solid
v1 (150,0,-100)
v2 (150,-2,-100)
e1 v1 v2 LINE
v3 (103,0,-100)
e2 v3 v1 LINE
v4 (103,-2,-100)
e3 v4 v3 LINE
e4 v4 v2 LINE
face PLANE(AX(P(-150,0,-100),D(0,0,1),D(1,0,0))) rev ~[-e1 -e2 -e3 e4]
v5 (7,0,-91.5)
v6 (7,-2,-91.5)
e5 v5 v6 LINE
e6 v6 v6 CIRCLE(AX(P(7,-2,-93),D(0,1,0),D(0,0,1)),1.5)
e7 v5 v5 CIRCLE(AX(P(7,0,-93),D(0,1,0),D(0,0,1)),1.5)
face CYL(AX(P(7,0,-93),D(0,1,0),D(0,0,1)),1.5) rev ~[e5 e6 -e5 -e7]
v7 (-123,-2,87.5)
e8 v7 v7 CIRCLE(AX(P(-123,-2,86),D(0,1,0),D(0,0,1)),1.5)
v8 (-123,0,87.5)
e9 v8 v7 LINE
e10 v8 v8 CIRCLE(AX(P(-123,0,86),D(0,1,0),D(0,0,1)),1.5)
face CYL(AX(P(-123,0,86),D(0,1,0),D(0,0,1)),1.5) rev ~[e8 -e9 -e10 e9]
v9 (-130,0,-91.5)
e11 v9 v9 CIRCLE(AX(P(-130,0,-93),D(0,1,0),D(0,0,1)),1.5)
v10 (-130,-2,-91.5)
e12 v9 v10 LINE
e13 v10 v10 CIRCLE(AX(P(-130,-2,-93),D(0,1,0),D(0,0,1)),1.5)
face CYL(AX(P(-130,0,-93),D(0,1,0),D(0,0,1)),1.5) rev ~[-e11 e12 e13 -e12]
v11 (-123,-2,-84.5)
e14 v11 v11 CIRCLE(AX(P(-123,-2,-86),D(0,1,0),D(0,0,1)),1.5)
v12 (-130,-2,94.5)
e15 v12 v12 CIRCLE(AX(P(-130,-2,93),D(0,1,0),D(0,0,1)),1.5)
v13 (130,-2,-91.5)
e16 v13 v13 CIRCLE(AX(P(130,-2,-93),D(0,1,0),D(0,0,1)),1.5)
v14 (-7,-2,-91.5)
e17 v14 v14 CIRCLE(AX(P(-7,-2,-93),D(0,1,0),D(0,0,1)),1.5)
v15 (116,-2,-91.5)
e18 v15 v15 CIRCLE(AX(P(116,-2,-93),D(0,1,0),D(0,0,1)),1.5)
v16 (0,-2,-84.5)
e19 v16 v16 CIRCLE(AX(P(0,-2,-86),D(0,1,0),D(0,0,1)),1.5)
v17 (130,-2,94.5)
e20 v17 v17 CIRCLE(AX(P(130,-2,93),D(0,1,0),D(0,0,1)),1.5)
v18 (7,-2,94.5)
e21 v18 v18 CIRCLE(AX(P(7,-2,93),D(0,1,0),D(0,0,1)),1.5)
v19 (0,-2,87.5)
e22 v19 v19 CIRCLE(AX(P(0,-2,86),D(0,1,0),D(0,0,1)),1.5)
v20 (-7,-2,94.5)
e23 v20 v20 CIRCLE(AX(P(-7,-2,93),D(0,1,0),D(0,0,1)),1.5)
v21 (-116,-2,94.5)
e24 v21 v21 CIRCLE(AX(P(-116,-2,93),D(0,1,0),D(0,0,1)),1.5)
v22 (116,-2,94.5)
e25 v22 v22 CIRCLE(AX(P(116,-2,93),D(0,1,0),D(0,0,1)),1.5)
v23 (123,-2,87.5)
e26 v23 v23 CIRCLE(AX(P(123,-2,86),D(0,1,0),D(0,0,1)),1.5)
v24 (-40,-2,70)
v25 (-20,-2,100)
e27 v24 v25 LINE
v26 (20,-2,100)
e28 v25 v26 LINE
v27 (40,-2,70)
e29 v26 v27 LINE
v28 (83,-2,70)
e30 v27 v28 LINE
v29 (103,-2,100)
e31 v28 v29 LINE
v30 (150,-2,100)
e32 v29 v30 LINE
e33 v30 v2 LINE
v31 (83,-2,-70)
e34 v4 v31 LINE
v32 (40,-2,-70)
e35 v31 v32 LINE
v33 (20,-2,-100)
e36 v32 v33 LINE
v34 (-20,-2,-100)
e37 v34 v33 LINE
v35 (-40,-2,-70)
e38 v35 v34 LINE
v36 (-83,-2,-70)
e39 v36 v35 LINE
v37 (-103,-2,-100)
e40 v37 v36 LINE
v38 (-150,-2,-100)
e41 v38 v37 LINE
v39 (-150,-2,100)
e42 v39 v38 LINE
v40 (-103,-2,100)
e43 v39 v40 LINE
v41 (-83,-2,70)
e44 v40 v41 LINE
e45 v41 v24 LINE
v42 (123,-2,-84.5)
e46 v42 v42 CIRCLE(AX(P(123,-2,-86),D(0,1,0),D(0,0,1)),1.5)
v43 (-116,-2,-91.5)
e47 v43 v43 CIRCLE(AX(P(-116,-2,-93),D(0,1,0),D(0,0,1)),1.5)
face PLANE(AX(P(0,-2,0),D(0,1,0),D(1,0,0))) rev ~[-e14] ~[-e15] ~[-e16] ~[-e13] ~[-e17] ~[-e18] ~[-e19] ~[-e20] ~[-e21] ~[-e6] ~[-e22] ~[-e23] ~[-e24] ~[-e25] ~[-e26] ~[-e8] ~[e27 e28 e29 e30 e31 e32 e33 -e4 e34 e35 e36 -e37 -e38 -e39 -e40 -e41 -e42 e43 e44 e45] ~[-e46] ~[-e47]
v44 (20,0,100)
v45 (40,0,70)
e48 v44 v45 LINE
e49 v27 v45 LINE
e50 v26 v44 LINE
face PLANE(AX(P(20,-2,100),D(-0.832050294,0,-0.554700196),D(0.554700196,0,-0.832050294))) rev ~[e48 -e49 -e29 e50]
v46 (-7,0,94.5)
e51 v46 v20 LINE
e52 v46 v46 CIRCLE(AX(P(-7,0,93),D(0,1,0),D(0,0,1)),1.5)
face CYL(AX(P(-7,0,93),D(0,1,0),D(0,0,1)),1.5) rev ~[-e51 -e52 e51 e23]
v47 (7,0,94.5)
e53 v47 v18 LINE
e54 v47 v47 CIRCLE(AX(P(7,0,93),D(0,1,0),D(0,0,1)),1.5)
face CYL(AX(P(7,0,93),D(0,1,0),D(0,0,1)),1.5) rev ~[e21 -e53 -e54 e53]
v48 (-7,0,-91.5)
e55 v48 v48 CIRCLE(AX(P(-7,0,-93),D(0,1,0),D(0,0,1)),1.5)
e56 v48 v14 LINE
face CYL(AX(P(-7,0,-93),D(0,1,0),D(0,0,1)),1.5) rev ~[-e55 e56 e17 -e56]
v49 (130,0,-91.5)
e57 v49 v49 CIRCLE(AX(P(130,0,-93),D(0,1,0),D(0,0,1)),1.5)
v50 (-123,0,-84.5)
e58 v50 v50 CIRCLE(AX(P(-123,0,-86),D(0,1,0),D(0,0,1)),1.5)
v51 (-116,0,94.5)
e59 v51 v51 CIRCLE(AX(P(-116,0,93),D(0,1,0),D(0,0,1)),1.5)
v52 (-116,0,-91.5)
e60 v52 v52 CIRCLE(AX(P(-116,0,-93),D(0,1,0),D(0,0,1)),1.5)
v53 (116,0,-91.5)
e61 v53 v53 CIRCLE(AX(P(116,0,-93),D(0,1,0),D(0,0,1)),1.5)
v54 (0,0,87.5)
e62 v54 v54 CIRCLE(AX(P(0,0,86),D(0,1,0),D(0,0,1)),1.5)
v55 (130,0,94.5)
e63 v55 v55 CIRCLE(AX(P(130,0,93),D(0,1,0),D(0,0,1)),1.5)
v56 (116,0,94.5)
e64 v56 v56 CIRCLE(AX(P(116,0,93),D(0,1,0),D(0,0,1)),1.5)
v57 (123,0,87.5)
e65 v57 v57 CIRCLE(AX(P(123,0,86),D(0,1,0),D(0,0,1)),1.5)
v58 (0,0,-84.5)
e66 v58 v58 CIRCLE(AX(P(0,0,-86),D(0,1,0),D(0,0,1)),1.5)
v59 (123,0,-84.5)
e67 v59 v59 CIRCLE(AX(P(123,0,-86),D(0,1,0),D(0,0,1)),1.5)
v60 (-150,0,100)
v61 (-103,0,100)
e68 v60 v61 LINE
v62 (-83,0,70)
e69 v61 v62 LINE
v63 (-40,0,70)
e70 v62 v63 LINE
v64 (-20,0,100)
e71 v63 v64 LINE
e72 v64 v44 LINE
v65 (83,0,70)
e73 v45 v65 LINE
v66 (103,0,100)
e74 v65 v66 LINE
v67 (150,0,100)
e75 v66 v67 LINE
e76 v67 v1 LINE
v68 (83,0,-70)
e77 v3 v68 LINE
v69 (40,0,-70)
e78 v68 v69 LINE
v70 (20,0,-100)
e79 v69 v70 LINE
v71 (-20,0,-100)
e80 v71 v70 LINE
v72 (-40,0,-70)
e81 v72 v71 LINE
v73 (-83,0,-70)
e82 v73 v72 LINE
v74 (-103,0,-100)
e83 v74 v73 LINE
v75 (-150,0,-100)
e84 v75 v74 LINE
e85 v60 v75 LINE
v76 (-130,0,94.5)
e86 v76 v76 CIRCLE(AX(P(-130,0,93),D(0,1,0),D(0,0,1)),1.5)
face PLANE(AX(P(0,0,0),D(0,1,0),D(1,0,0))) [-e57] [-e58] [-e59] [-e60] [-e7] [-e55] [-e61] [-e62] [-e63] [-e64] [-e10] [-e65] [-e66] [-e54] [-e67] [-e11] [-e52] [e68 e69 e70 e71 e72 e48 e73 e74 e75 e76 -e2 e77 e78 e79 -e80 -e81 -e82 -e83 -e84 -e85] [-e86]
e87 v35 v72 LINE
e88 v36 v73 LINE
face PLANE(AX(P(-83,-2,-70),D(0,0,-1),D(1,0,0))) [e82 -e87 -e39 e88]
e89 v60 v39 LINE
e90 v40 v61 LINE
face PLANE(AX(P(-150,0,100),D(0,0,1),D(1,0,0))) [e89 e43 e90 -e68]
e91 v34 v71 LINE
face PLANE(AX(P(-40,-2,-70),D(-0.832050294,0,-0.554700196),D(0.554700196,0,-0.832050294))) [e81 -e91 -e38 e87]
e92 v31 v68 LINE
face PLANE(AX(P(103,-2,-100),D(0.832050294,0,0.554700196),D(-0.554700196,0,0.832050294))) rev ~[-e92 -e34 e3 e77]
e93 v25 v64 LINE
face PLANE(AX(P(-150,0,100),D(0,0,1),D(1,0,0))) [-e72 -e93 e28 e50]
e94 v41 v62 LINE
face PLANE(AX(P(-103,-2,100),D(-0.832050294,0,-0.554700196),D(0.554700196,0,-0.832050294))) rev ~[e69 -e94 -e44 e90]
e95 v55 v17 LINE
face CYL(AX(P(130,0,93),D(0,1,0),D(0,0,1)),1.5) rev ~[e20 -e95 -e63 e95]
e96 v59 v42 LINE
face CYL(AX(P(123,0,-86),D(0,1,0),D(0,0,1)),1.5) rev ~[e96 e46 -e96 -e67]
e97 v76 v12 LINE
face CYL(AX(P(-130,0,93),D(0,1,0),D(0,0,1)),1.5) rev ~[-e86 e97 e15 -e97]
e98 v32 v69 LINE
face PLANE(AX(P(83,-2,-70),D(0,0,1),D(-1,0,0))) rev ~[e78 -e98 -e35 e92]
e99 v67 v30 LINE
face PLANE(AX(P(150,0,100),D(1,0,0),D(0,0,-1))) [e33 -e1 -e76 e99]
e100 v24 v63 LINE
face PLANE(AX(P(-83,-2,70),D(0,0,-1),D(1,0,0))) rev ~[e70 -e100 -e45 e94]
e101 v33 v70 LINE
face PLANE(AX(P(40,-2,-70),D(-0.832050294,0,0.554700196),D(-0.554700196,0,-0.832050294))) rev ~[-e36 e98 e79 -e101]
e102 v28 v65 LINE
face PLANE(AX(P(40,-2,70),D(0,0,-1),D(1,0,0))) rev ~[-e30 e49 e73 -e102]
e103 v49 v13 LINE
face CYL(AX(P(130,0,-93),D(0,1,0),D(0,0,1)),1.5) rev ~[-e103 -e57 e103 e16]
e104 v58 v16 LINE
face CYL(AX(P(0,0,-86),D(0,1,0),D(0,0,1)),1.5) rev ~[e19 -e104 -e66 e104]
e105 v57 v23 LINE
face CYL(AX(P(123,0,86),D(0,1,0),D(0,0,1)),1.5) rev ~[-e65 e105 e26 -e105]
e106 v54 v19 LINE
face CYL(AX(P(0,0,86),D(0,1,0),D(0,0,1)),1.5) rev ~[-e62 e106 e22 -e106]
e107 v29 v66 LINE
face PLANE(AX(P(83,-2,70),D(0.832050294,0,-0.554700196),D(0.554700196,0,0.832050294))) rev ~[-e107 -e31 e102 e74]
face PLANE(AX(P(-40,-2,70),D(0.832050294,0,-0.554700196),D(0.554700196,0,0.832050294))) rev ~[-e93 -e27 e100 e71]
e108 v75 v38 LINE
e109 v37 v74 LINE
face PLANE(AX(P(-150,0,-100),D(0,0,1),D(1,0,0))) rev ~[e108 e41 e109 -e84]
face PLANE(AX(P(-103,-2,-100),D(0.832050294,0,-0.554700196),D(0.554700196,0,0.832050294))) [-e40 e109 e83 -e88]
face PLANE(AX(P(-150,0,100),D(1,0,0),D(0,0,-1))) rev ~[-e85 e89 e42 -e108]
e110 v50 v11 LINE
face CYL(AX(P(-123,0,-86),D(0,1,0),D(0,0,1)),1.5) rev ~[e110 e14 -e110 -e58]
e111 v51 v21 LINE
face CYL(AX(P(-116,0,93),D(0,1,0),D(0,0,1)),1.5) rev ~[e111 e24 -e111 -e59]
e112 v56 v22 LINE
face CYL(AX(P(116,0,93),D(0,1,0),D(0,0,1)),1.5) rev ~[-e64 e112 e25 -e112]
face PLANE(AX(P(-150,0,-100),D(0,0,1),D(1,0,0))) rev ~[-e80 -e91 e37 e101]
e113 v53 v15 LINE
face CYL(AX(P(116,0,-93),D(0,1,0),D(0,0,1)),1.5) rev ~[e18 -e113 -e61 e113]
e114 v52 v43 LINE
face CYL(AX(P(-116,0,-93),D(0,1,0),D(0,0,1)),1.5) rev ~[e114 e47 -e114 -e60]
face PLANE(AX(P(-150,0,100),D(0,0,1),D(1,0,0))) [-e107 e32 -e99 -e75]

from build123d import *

# Parameters (mm, degrees)
SZKIC1_W                    = 300
SZKIC1_H                    = 200
DODANIE_WYCI_GNI_CIE1_DEPTH = 2
WYTNIJ_WYCI_GNI_CIE1_REACH  = 182.289
SZKIC2_R                    = 1.5
WYTNIJ_WYCI_GNI_CIE2_DEPTH  = 2


with BuildPart() as part:
    # Szkic1 → Dodanie-wyciągnięcie1 (new body)
    with BuildSketch(Plane(origin=(0, 0, 0), x_dir=(1, 0, 0), z_dir=(0, 1, 0))):
        Rectangle(SZKIC1_W, SZKIC1_H)
    extrude(amount=-DODANIE_WYCI_GNI_CIE1_DEPTH)

    # Szkic2 → Wytnij-wyciągnięcie1 (cut, up to next)
    with BuildSketch(Plane(origin=(0, 0, 0), x_dir=(1, 0, 0), z_dir=(0, 1, 0)), mode=Mode.PRIVATE) as wytnij_wyci_gni_cie1_sk1:
        with Locations(Location((0, -86, 0), (0, 0, 270))):
            Circle(SZKIC2_R)
    wytnij_wyci_gni_cie1_tool1 = extrude(wytnij_wyci_gni_cie1_sk1.sketch, amount=-WYTNIJ_WYCI_GNI_CIE1_REACH, mode=Mode.PRIVATE) & part.part
    # Szkic2 → Wytnij-wyciągnięcie1 (cut, up to next)
    with BuildSketch(Plane(origin=(0, 0, 0), x_dir=(1, 0, 0), z_dir=(0, 1, 0)), mode=Mode.PRIVATE) as wytnij_wyci_gni_cie1_sk2:
        with Locations(Location((-7, -93, 0), (0, 0, 270))):
            Circle(SZKIC2_R)
    wytnij_wyci_gni_cie1_tool2 = extrude(wytnij_wyci_gni_cie1_sk2.sketch, amount=-WYTNIJ_WYCI_GNI_CIE1_REACH, mode=Mode.PRIVATE) & part.part
    # Szkic2 → Wytnij-wyciągnięcie1 (cut, up to next)
    with BuildSketch(Plane(origin=(0, 0, 0), x_dir=(1, 0, 0), z_dir=(0, 1, 0)), mode=Mode.PRIVATE) as wytnij_wyci_gni_cie1_sk3:
        with Locations(Location((7, -93, 0), (0, 0, 270))):
            Circle(SZKIC2_R)
    wytnij_wyci_gni_cie1_tool3 = extrude(wytnij_wyci_gni_cie1_sk3.sketch, amount=-WYTNIJ_WYCI_GNI_CIE1_REACH, mode=Mode.PRIVATE) & part.part
    # Szkic2 → Wytnij-wyciągnięcie1 (cut, up to next)
    with BuildSketch(Plane(origin=(0, 0, 0), x_dir=(1, 0, 0), z_dir=(0, 1, 0)), mode=Mode.PRIVATE) as wytnij_wyci_gni_cie1_sk4:
        with Locations(Location((-123, -86, 0), (0, 0, 270))):
            Circle(SZKIC2_R)
    wytnij_wyci_gni_cie1_tool4 = extrude(wytnij_wyci_gni_cie1_sk4.sketch, amount=-WYTNIJ_WYCI_GNI_CIE1_REACH, mode=Mode.PRIVATE) & part.part
    # Szkic2 → Wytnij-wyciągnięcie1 (cut, up to next)
    with BuildSketch(Plane(origin=(0, 0, 0), x_dir=(1, 0, 0), z_dir=(0, 1, 0)), mode=Mode.PRIVATE) as wytnij_wyci_gni_cie1_sk5:
        with Locations(Location((-130, -93, 0), (0, 0, 270))):
            Circle(SZKIC2_R)
    wytnij_wyci_gni_cie1_tool5 = extrude(wytnij_wyci_gni_cie1_sk5.sketch, amount=-WYTNIJ_WYCI_GNI_CIE1_REACH, mode=Mode.PRIVATE) & part.part
    # Szkic2 → Wytnij-wyciągnięcie1 (cut, up to next)
    with BuildSketch(Plane(origin=(0, 0, 0), x_dir=(1, 0, 0), z_dir=(0, 1, 0)), mode=Mode.PRIVATE) as wytnij_wyci_gni_cie1_sk6:
        with Locations(Location((-116, -93, 0), (0, 0, 270))):
            Circle(SZKIC2_R)
    wytnij_wyci_gni_cie1_tool6 = extrude(wytnij_wyci_gni_cie1_sk6.sketch, amount=-WYTNIJ_WYCI_GNI_CIE1_REACH, mode=Mode.PRIVATE) & part.part
    # Szkic2 → Wytnij-wyciągnięcie1 (cut, up to next)
    with BuildSketch(Plane(origin=(0, 0, 0), x_dir=(1, 0, 0), z_dir=(0, 1, 0)), mode=Mode.PRIVATE) as wytnij_wyci_gni_cie1_sk7:
        with Locations(Location((130, -93, 0), (0, 0, 270))):
            Circle(SZKIC2_R)
    wytnij_wyci_gni_cie1_tool7 = extrude(wytnij_wyci_gni_cie1_sk7.sketch, amount=-WYTNIJ_WYCI_GNI_CIE1_REACH, mode=Mode.PRIVATE) & part.part
    # Szkic2 → Wytnij-wyciągnięcie1 (cut, up to next)
    with BuildSketch(Plane(origin=(0, 0, 0), x_dir=(1, 0, 0), z_dir=(0, 1, 0)), mode=Mode.PRIVATE) as wytnij_wyci_gni_cie1_sk8:
        with Locations(Location((123, -86, 0), (0, 0, 270))):
            Circle(SZKIC2_R)
    wytnij_wyci_gni_cie1_tool8 = extrude(wytnij_wyci_gni_cie1_sk8.sketch, amount=-WYTNIJ_WYCI_GNI_CIE1_REACH, mode=Mode.PRIVATE) & part.part
    # Szkic2 → Wytnij-wyciągnięcie1 (cut, up to next)
    with BuildSketch(Plane(origin=(0, 0, 0), x_dir=(1, 0, 0), z_dir=(0, 1, 0)), mode=Mode.PRIVATE) as wytnij_wyci_gni_cie1_sk9:
        with Locations(Location((116, -93, 0), (0, 0, 270))):
            Circle(SZKIC2_R)
    wytnij_wyci_gni_cie1_tool9 = extrude(wytnij_wyci_gni_cie1_sk9.sketch, amount=-WYTNIJ_WYCI_GNI_CIE1_REACH, mode=Mode.PRIVATE) & part.part
    # Szkic2 → Wytnij-wyciągnięcie1 (cut, up to next)
    with BuildSketch(Plane(origin=(0, 0, 0), x_dir=(1, 0, 0), z_dir=(0, 1, 0)), mode=Mode.PRIVATE) as wytnij_wyci_gni_cie1_sk10:
        with Locations(Location((0, 86, 0), (0, 0, 270))):
            Circle(SZKIC2_R)
    wytnij_wyci_gni_cie1_tool10 = extrude(wytnij_wyci_gni_cie1_sk10.sketch, amount=-WYTNIJ_WYCI_GNI_CIE1_REACH, mode=Mode.PRIVATE) & part.part
    # Szkic2 → Wytnij-wyciągnięcie1 (cut, up to next)
    with BuildSketch(Plane(origin=(0, 0, 0), x_dir=(1, 0, 0), z_dir=(0, 1, 0)), mode=Mode.PRIVATE) as wytnij_wyci_gni_cie1_sk11:
        with Locations(Location((7, 93, 0), (0, 0, 270))):
            Circle(SZKIC2_R)
    wytnij_wyci_gni_cie1_tool11 = extrude(wytnij_wyci_gni_cie1_sk11.sketch, amount=-WYTNIJ_WYCI_GNI_CIE1_REACH, mode=Mode.PRIVATE) & part.part
    # Szkic2 → Wytnij-wyciągnięcie1 (cut, up to next)
    with BuildSketch(Plane(origin=(0, 0, 0), x_dir=(1, 0, 0), z_dir=(0, 1, 0)), mode=Mode.PRIVATE) as wytnij_wyci_gni_cie1_sk12:
        with Locations(Location((-7, 93, 0), (0, 0, 270))):
            Circle(SZKIC2_R)
    wytnij_wyci_gni_cie1_tool12 = extrude(wytnij_wyci_gni_cie1_sk12.sketch, amount=-WYTNIJ_WYCI_GNI_CIE1_REACH, mode=Mode.PRIVATE) & part.part
    # Szkic2 → Wytnij-wyciągnięcie1 (cut, up to next)
    with BuildSketch(Plane(origin=(0, 0, 0), x_dir=(1, 0, 0), z_dir=(0, 1, 0)), mode=Mode.PRIVATE) as wytnij_wyci_gni_cie1_sk13:
        with Locations(Location((130, 93, 0), (0, 0, 270))):
            Circle(SZKIC2_R)
    wytnij_wyci_gni_cie1_tool13 = extrude(wytnij_wyci_gni_cie1_sk13.sketch, amount=-WYTNIJ_WYCI_GNI_CIE1_REACH, mode=Mode.PRIVATE) & part.part
    # Szkic2 → Wytnij-wyciągnięcie1 (cut, up to next)
    with BuildSketch(Plane(origin=(0, 0, 0), x_dir=(1, 0, 0), z_dir=(0, 1, 0)), mode=Mode.PRIVATE) as wytnij_wyci_gni_cie1_sk14:
        with Locations(Location((123, 86, 0), (0, 0, 270))):
            Circle(SZKIC2_R)
    wytnij_wyci_gni_cie1_tool14 = extrude(wytnij_wyci_gni_cie1_sk14.sketch, amount=-WYTNIJ_WYCI_GNI_CIE1_REACH, mode=Mode.PRIVATE) & part.part
    # Szkic2 → Wytnij-wyciągnięcie1 (cut, up to next)
    with BuildSketch(Plane(origin=(0, 0, 0), x_dir=(1, 0, 0), z_dir=(0, 1, 0)), mode=Mode.PRIVATE) as wytnij_wyci_gni_cie1_sk15:
        with Locations(Location((116, 93, 0), (0, 0, 270))):
            Circle(SZKIC2_R)
    wytnij_wyci_gni_cie1_tool15 = extrude(wytnij_wyci_gni_cie1_sk15.sketch, amount=-WYTNIJ_WYCI_GNI_CIE1_REACH, mode=Mode.PRIVATE) & part.part
    # Szkic2 → Wytnij-wyciągnięcie1 (cut, up to next)
    with BuildSketch(Plane(origin=(0, 0, 0), x_dir=(1, 0, 0), z_dir=(0, 1, 0)), mode=Mode.PRIVATE) as wytnij_wyci_gni_cie1_sk16:
        with Locations(Location((-116, 93, 0), (0, 0, 270))):
            Circle(SZKIC2_R)
    wytnij_wyci_gni_cie1_tool16 = extrude(wytnij_wyci_gni_cie1_sk16.sketch, amount=-WYTNIJ_WYCI_GNI_CIE1_REACH, mode=Mode.PRIVATE) & part.part
    # Szkic2 → Wytnij-wyciągnięcie1 (cut, up to next)
    with BuildSketch(Plane(origin=(0, 0, 0), x_dir=(1, 0, 0), z_dir=(0, 1, 0)), mode=Mode.PRIVATE) as wytnij_wyci_gni_cie1_sk17:
        with Locations(Location((-123, 86, 0), (0, 0, 270))):
            Circle(SZKIC2_R)
    wytnij_wyci_gni_cie1_tool17 = extrude(wytnij_wyci_gni_cie1_sk17.sketch, amount=-WYTNIJ_WYCI_GNI_CIE1_REACH, mode=Mode.PRIVATE) & part.part
    # Szkic2 → Wytnij-wyciągnięcie1 (cut, up to next)
    with BuildSketch(Plane(origin=(0, 0, 0), x_dir=(1, 0, 0), z_dir=(0, 1, 0)), mode=Mode.PRIVATE) as wytnij_wyci_gni_cie1_sk18:
        with Locations(Location((-130, 93, 0), (0, 0, 270))):
            Circle(SZKIC2_R)
    wytnij_wyci_gni_cie1_tool18 = extrude(wytnij_wyci_gni_cie1_sk18.sketch, amount=-WYTNIJ_WYCI_GNI_CIE1_REACH, mode=Mode.PRIVATE) & part.part
    add(wytnij_wyci_gni_cie1_tool1.solids().sort_by_distance((0, 0, 86))[0], mode=Mode.SUBTRACT)
    add(wytnij_wyci_gni_cie1_tool2.solids().sort_by_distance((-7, 0, 93))[0], mode=Mode.SUBTRACT)
    add(wytnij_wyci_gni_cie1_tool3.solids().sort_by_distance((7, 0, 93))[0], mode=Mode.SUBTRACT)
    add(wytnij_wyci_gni_cie1_tool4.solids().sort_by_distance((-123, 0, 86))[0], mode=Mode.SUBTRACT)
    add(wytnij_wyci_gni_cie1_tool5.solids().sort_by_distance((-130, 0, 93))[0], mode=Mode.SUBTRACT)
    add(wytnij_wyci_gni_cie1_tool6.solids().sort_by_distance((-116, 0, 93))[0], mode=Mode.SUBTRACT)
    add(wytnij_wyci_gni_cie1_tool7.solids().sort_by_distance((130, 0, 93))[0], mode=Mode.SUBTRACT)
    add(wytnij_wyci_gni_cie1_tool8.solids().sort_by_distance((123, 0, 86))[0], mode=Mode.SUBTRACT)
    add(wytnij_wyci_gni_cie1_tool9.solids().sort_by_distance((116, 0, 93))[0], mode=Mode.SUBTRACT)
    add(wytnij_wyci_gni_cie1_tool10.solids().sort_by_distance((0, 0, -86))[0], mode=Mode.SUBTRACT)
    add(wytnij_wyci_gni_cie1_tool11.solids().sort_by_distance((7, 0, -93))[0], mode=Mode.SUBTRACT)
    add(wytnij_wyci_gni_cie1_tool12.solids().sort_by_distance((-7, 0, -93))[0], mode=Mode.SUBTRACT)
    add(wytnij_wyci_gni_cie1_tool13.solids().sort_by_distance((130, 0, -93))[0], mode=Mode.SUBTRACT)
    add(wytnij_wyci_gni_cie1_tool14.solids().sort_by_distance((123, 0, -86))[0], mode=Mode.SUBTRACT)
    add(wytnij_wyci_gni_cie1_tool15.solids().sort_by_distance((116, 0, -93))[0], mode=Mode.SUBTRACT)
    add(wytnij_wyci_gni_cie1_tool16.solids().sort_by_distance((-116, 0, -93))[0], mode=Mode.SUBTRACT)
    add(wytnij_wyci_gni_cie1_tool17.solids().sort_by_distance((-123, 0, -86))[0], mode=Mode.SUBTRACT)
    add(wytnij_wyci_gni_cie1_tool18.solids().sort_by_distance((-130, 0, -93))[0], mode=Mode.SUBTRACT)

    # Szkic3 → Wytnij-wyciągnięcie2 (cut)
    with BuildSketch(Plane.XZ.offset(2)):
        Polygon((-103, -100), (-83, -70), (-40, -70), (-20, -100), align=None)
        Polygon((103, -100), (83, -70), (40, -70), (20, -100), align=None)
        Polygon((103, 100), (20, 100), (40, 70), (83, 70), align=None)
        Polygon((-103, 100), (-83, 70), (-40, 70), (-20, 100), align=None)
    extrude(amount=-WYTNIJ_WYCI_GNI_CIE2_DEPTH, mode=Mode.SUBTRACT)


solid = part.part
